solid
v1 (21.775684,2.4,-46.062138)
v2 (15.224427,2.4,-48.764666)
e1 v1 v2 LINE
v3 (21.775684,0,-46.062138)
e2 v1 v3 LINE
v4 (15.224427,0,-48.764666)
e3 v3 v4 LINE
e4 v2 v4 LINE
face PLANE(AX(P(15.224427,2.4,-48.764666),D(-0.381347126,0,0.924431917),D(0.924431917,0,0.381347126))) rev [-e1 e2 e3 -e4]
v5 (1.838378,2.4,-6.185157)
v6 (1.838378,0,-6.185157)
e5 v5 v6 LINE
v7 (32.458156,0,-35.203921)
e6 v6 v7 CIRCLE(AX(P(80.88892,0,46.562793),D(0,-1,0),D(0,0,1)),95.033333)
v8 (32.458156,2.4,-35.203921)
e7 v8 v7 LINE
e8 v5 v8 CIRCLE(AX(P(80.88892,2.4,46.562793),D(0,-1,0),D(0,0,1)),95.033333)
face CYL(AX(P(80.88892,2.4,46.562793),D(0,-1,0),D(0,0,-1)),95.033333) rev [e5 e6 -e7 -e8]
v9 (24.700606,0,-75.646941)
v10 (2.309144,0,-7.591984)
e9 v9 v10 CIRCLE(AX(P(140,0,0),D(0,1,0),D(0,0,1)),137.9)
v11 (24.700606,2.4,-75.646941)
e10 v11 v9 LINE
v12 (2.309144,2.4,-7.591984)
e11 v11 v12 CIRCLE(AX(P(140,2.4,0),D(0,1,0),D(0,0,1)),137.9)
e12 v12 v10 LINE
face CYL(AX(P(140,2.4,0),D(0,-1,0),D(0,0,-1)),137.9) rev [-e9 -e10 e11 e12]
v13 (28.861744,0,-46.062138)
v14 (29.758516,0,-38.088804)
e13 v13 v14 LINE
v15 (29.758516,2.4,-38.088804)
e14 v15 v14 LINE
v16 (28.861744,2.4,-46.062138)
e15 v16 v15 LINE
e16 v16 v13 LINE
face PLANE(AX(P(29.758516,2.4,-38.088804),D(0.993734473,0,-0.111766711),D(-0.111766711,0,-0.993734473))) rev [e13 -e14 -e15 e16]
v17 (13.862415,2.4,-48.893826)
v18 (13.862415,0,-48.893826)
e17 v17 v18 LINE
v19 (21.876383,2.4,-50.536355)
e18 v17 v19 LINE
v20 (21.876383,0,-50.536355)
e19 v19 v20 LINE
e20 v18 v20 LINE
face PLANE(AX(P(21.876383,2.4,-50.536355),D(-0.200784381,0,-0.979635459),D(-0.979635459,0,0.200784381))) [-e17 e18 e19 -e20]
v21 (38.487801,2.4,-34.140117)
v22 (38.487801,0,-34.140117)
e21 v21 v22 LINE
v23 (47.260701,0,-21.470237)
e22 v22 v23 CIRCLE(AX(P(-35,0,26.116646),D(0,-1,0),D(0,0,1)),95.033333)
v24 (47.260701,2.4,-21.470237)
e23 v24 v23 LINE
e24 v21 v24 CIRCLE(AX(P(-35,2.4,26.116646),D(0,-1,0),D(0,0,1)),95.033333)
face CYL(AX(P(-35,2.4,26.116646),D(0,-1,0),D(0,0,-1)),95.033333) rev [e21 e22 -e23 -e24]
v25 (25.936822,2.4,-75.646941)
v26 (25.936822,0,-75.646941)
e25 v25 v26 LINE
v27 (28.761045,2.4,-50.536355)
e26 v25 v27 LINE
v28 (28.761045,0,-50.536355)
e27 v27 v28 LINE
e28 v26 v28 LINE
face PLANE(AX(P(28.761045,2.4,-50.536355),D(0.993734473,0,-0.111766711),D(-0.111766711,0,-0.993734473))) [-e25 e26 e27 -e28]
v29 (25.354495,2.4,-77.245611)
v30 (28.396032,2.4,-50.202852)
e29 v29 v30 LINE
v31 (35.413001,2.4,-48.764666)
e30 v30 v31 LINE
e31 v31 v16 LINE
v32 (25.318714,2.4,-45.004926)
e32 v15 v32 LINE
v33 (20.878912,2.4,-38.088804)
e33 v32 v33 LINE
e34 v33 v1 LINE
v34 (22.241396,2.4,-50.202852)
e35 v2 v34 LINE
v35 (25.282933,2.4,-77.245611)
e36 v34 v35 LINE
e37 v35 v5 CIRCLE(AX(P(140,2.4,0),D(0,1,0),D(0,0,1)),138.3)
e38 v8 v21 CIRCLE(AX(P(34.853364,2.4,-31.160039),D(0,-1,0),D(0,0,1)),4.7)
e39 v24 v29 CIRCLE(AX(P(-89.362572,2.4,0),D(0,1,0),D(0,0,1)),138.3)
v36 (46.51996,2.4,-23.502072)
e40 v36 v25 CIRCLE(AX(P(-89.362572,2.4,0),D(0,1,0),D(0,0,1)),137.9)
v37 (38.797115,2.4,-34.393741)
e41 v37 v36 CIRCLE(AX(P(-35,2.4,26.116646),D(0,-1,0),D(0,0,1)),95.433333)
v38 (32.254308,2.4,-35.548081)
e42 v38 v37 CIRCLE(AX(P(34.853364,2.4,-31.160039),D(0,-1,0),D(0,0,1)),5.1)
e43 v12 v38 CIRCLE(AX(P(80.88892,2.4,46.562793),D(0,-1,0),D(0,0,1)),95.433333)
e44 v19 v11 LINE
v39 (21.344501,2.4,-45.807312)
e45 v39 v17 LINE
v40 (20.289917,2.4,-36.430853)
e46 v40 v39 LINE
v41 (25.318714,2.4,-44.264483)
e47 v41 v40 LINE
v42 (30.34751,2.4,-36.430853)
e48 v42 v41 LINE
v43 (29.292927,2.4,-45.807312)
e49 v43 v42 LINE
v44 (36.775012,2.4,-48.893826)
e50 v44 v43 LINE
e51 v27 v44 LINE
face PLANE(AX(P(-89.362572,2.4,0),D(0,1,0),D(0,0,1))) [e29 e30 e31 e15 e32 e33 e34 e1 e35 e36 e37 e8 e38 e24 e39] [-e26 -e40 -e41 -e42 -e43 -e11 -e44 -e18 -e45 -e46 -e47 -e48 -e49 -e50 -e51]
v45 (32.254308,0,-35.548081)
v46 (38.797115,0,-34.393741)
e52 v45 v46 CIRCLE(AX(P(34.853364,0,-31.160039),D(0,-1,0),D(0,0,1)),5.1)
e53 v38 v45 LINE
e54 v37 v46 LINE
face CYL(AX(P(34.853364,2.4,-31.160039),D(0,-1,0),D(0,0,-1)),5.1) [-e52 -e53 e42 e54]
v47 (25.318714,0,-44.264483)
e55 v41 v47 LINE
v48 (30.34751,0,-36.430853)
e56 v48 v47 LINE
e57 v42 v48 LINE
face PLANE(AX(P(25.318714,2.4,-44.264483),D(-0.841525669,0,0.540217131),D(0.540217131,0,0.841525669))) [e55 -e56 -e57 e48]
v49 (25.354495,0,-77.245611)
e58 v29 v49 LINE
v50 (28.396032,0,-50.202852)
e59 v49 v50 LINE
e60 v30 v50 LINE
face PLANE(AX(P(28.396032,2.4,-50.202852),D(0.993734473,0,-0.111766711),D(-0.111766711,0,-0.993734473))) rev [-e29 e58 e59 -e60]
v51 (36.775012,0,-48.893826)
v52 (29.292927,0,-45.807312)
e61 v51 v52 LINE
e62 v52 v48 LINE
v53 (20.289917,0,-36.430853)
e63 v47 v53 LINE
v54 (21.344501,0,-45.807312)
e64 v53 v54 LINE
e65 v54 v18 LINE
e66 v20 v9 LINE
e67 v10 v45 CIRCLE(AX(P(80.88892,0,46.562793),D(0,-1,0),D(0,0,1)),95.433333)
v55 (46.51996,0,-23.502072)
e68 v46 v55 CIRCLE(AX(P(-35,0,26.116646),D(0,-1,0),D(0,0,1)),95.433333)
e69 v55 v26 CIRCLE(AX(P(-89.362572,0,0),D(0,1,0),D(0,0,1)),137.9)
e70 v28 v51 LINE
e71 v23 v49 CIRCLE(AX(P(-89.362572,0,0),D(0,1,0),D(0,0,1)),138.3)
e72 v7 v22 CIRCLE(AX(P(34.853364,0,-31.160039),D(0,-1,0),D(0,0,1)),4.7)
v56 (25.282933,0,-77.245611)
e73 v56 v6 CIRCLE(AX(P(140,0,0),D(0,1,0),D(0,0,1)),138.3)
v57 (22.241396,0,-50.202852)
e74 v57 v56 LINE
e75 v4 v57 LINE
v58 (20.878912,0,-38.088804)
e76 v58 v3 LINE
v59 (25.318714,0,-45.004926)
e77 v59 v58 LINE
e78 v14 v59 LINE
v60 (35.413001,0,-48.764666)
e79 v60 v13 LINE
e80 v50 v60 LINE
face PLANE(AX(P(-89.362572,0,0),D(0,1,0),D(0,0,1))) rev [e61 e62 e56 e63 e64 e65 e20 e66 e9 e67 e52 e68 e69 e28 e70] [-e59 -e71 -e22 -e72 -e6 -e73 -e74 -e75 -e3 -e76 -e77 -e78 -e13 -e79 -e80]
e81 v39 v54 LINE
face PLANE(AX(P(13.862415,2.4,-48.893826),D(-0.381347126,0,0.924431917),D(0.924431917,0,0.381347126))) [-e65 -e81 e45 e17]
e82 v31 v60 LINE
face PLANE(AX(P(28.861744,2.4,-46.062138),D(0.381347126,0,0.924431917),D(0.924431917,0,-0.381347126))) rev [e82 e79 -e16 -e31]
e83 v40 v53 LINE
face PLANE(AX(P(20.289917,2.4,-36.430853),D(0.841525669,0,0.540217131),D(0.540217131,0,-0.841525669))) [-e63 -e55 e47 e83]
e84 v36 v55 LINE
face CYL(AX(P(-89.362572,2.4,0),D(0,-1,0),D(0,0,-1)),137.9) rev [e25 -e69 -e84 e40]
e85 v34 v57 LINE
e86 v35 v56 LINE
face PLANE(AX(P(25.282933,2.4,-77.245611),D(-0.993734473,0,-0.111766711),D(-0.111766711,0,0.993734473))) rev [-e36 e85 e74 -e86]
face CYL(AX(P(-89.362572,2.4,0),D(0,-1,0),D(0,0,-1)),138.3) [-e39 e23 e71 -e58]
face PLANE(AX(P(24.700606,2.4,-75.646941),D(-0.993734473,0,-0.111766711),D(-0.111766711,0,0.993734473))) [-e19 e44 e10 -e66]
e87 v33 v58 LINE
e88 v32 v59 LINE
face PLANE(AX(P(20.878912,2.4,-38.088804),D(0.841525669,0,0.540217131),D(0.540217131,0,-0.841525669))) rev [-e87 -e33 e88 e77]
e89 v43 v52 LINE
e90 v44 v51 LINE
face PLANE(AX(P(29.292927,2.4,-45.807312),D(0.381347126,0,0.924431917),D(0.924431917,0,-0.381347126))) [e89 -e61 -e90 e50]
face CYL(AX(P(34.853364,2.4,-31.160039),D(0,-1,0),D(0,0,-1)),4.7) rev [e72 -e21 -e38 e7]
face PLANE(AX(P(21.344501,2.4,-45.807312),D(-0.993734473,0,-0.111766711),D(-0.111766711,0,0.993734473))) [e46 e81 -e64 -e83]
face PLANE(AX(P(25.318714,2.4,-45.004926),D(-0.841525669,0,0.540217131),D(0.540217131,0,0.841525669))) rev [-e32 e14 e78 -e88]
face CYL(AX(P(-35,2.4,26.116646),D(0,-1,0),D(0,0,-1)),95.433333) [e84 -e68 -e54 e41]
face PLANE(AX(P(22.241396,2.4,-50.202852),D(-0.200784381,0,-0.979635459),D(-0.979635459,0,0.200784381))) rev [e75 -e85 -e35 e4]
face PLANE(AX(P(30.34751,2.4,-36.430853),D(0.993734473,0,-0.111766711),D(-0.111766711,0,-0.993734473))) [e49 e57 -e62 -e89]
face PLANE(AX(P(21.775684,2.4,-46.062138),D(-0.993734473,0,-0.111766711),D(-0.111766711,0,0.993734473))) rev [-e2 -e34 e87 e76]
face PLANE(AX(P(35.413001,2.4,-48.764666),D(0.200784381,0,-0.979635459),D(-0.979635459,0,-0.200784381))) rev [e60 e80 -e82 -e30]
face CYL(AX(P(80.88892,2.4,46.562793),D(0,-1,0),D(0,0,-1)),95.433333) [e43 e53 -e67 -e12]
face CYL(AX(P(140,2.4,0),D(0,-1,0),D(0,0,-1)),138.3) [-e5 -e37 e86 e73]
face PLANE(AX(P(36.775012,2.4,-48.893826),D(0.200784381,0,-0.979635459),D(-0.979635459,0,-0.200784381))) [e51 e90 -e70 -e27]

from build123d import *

# Parameters (mm, degrees)
BOSS_EXTRUDE1_DEPTH = 2.4


with BuildPart() as part:
    # Sketch2 → Boss-Extrude1 (new body)
    with BuildSketch(Plane(origin=(0, 0, 0), x_dir=(1, 0, 0), z_dir=(0, 1, 0))):
        with BuildLine():
            Line((25.28293267, 77.245611288), (22.241395548, 50.202851698))
            Line((22.241395548, 50.202851698), (15.224426897, 48.764665996))
            Line((15.224426897, 48.764665996), (21.775683691, 46.062138205))
            Line((21.775683691, 46.062138205), (20.878911595, 38.088803933))
            Line((20.878911595, 38.088803933), (25.3187138, 45.004925816))
            Line((25.3187138, 45.004925816), (29.758516004, 38.088803933))
            Line((29.758516004, 38.088803933), (28.861743908, 46.062138205))
            Line((28.861743908, 46.062138205), (35.413000702, 48.764665996))
            Line((35.413000702, 48.764665996), (28.396032051, 50.202851698))
            Line((28.396032051, 50.202851698), (25.354494929, 77.245611288))
            ThreePointArc((25.354494929, 77.245611288), (39.364716338, 50.558630658), (47.260701361, 21.470236759))
            ThreePointArc((47.260701361, 21.470236759), (43.131494569, 27.98329808), (38.487800716, 34.14011738))
            ThreePointArc((38.487800716, 34.14011738), (35.669967354, 35.788554713), (32.458155801, 35.203920598))
            ThreePointArc((32.458155801, 35.203920598), (15.517725775, 22.41503931), (1.838377838, 6.185156559))
            ThreePointArc((1.838377838, 6.185156559), (8.663390647, 43.331109422), (25.28293267, 77.245611288))
        make_face()
        with BuildLine():
            Line((28.761044533, 50.536354524), (25.936821585, 75.646941422))
            ThreePointArc((25.936821585, 75.646941422), (38.906137272, 50.63149335), (46.519959977, 23.502072134))
            ThreePointArc((46.519959977, 23.502072134), (42.849248676, 29.083132434), (38.797114504, 34.393741079))
            ThreePointArc((38.797114504, 34.393741079), (35.739465536, 36.182470951), (32.254308319, 35.548080741))
            ThreePointArc((32.254308319, 35.548080741), (15.763956049, 23.195791569), (2.309144184, 7.59198423))
            ThreePointArc((2.309144184, 7.59198423), (9.008069243, 43.099003198), (24.700606015, 75.646941422))
            Line((24.700606015, 75.646941422), (21.876383066, 50.536354524))
            Line((21.876383066, 50.536354524), (13.862415181, 48.893825592))
            Line((13.862415181, 48.893825592), (21.344500988, 45.807311742))
            Line((21.344500988, 45.807311742), (20.289917479, 36.430852681))
            Line((20.289917479, 36.430852681), (25.3187138, 44.264482803))
            Line((25.3187138, 44.264482803), (30.34751012, 36.430852681))
            Line((30.34751012, 36.430852681), (29.292926611, 45.807311742))
            Line((29.292926611, 45.807311742), (36.775012418, 48.893825592))
            Line((36.775012418, 48.893825592), (28.761044533, 50.536354524))
        make_face(mode=Mode.SUBTRACT)
    extrude(amount=BOSS_EXTRUDE1_DEPTH)


solid = part.part
